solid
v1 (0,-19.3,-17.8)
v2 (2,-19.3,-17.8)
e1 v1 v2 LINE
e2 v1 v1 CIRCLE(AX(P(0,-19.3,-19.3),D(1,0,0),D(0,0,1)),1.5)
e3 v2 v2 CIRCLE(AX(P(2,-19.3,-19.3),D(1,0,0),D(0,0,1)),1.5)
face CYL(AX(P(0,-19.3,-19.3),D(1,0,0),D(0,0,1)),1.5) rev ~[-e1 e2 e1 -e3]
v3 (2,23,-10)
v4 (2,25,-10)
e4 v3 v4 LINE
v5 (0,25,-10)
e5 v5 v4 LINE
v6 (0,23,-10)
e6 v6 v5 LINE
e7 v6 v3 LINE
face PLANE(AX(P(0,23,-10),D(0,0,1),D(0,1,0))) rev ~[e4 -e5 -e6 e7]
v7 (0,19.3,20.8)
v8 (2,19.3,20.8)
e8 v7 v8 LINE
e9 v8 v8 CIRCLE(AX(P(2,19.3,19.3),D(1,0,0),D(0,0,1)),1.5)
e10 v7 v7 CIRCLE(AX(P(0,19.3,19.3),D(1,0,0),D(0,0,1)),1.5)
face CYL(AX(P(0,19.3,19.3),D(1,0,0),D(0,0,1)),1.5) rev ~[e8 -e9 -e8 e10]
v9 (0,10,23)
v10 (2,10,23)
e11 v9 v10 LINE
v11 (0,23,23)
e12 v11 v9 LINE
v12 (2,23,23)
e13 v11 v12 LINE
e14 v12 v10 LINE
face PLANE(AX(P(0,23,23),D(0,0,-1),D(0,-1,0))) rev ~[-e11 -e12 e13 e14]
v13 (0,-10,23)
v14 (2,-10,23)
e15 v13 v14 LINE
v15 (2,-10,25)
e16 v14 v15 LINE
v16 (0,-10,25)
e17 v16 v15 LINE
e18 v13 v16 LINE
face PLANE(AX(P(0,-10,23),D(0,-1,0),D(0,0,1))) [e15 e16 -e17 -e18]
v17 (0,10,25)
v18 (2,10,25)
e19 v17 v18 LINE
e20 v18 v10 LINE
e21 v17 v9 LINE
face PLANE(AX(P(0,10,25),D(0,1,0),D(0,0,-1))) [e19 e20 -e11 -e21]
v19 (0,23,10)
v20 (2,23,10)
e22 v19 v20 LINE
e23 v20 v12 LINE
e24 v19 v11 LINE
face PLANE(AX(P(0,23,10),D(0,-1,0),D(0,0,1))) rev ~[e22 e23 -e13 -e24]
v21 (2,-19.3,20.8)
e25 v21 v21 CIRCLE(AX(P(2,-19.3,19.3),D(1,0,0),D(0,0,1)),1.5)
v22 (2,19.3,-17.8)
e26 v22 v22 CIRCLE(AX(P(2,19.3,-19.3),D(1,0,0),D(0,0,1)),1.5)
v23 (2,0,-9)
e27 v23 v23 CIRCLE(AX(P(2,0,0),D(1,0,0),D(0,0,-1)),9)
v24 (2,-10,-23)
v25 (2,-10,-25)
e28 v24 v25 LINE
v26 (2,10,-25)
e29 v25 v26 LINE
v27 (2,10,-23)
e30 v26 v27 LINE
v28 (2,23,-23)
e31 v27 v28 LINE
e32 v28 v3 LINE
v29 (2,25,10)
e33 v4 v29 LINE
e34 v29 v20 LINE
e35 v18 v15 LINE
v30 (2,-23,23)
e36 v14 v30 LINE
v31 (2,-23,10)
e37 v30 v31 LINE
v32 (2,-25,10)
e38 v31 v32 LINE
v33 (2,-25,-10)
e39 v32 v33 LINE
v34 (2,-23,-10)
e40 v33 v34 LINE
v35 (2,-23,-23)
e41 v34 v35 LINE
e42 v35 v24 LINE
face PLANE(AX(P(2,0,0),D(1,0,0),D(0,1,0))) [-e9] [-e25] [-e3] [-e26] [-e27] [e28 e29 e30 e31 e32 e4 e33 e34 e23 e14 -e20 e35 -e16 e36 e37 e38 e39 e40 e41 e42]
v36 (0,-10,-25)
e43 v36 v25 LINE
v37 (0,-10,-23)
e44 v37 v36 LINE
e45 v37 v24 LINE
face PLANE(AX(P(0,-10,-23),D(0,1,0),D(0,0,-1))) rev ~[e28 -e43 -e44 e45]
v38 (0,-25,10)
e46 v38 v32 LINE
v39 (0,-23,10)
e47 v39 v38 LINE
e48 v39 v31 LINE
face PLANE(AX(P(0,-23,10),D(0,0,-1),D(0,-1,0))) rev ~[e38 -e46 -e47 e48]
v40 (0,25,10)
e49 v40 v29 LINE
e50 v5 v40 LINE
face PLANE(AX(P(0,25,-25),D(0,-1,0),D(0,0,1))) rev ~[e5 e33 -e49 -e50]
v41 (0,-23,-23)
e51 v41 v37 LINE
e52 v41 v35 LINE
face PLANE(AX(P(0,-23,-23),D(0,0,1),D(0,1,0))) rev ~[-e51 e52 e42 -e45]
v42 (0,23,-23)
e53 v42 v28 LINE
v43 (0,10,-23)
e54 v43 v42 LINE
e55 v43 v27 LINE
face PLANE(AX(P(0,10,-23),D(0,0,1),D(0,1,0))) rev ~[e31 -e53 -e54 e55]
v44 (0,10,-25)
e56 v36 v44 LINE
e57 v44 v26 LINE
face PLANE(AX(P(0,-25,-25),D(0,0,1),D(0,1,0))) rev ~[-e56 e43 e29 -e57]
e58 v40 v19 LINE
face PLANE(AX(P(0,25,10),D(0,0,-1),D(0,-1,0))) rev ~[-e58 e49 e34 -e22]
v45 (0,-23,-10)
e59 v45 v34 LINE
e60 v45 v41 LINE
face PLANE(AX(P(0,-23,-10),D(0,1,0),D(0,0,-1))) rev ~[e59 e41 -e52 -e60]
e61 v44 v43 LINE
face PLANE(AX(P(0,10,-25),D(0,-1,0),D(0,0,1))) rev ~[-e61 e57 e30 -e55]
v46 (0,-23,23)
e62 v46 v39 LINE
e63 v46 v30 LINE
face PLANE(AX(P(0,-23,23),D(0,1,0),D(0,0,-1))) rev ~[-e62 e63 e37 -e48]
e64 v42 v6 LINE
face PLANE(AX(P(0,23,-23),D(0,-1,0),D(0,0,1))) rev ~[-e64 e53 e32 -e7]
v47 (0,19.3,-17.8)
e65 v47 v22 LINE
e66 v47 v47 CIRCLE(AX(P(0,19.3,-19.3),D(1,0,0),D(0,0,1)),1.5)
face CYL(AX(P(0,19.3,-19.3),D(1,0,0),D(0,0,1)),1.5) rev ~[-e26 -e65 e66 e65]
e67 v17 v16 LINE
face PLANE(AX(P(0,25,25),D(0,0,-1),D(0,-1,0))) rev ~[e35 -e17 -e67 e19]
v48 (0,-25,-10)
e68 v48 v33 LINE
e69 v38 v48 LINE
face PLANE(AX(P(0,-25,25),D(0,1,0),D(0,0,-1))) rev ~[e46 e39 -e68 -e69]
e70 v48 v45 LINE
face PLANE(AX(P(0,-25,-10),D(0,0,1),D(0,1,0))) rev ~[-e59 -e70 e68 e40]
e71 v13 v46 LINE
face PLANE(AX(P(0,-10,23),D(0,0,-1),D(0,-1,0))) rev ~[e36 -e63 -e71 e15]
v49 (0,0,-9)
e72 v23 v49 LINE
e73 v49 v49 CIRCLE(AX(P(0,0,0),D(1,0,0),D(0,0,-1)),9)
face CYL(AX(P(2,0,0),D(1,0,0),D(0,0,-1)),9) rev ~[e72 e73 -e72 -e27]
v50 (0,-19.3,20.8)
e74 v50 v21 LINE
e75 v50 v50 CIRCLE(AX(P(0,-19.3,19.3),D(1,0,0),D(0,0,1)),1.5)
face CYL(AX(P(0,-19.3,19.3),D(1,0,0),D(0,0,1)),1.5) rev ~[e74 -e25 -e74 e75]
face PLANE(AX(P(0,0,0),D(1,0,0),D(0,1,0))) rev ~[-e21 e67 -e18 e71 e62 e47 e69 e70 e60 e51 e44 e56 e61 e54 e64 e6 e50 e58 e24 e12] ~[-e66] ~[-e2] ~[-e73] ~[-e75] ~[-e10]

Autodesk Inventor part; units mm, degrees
ref_plane "YZ Plane" through (0, 0, 0) normal (1, 0, 0) x (0, 1, 0)
ref_plane "XZ Plane" through (0, 0, 0) normal (0, 1, 0) x (-1, 0, 0)
ref_plane "XY Plane" through (0, 0, 0) normal (0, 0, 1) x (1, 0, 0)
sketch "Sketch1" plane through (0, 0, 0) normal (1, 0, 0) x (0, 1, 0)
  line L0 (-25, -25) -> (25, -25)
  line L1 (25, -25) -> (25, 25)
  line L2 (25, 25) -> (-25, 25)
  line L3 (-25, 25) -> (-25, -25)
  line L4 (-25, -25) -> (25, 25) construction
  line L5 (25, -25) -> (-25, 25) construction
  line L6 (-24, -24) -> (24, -24)
  line L7 (24, -24) -> (24, 24)
  line L8 (24, 24) -> (-24, 24)
  line L9 (-24, 24) -> (-24, -24)
  line L10 (-24, -24) -> (24, 24) construction
  line L11 (24, -24) -> (-24, 24) construction
  point P0 (0, 0)
  dimension "d0" = 50
  dimension "d1" = 50
  dimension "d2" = 48
  dimension "d3" = 48
extrude "Extrusion1" add sketch "Sketch1" along normal blind 2 contours L3 L2 L1 L0 | L9 L8 L7 L6
sketch "Sketch3" plane through (0, 0, 0) normal (-1, 0, 0) x (0, 0, 1)
  line L0 (19.3, -19.3) -> (-19.3, -19.3)
  line L1 (-19.3, -19.3) -> (-19.3, 19.3)
  line L2 (-19.3, 19.3) -> (19.3, 19.3)
  line L3 (19.3, 19.3) -> (19.3, -19.3)
  line L4 (19.3, -19.3) -> (-19.3, 19.3) construction
  line L5 (-19.3, -19.3) -> (19.3, 19.3) construction
  circle A0 centre (-19.3, 19.3) radius 1.5
  circle A1 centre (19.3, 19.3) radius 1.5555
  circle A2 centre (19.3, -19.3) radius 1.5555
  circle A3 centre (-19.3, -19.3) radius 1.5555
  point P0 (0, 0)
  dimension "d6" = 38.6
  dimension "d7" = 38.6
  dimension "d8" = 3
  dimension "d9" = 3.111
  dimension "d10" = 3.111
  dimension "d11" = 3.111
hole "Hole1" at (0, 19.3, -19.3) direction (1, 0, 0) diameter 3 end through all
sketch "Sketch4" plane through (0, 0, 0) normal (-1, 0, 0) x (0, 0, 1)
  line L0 (-19.3, -19.3) -> (19.3, -19.3)
  line L1 (19.3, -19.3) -> (19.3, 19.3)
  line L2 (19.3, 19.3) -> (-19.3, 19.3)
  line L3 (-19.3, 19.3) -> (-19.3, -19.3)
  line L4 (-19.3, -19.3) -> (19.3, 19.3) construction
  line L5 (19.3, -19.3) -> (-19.3, 19.3) construction
  circle A0 centre (19.3, 19.3) radius 1.5
  point P0 (0, 0)
  dimension "d19" = 38.6
  dimension "d20" = 38.6
  dimension "d21" = 3
hole "Hole2" at (0, 19.3, 19.3) direction (1, 0, 0) diameter 3 end through all
sketch "Sketch5" plane through (0, 0, 0) normal (-1, 0, 0) x (0, 0, 1)
  line L0 (19.3, -19.3) -> (-19.3, -19.3)
  line L1 (-19.3, -19.3) -> (-19.3, 19.3)
  line L2 (-19.3, 19.3) -> (19.3, 19.3)
  line L3 (19.3, 19.3) -> (19.3, -19.3)
  line L4 (19.3, -19.3) -> (-19.3, 19.3) construction
  line L5 (-19.3, -19.3) -> (19.3, 19.3) construction
  circle A0 centre (-19.3, -19.3) radius 1.5
  point P0 (0, 0)
  dimension "d29" = 38.6
  dimension "d30" = 38.6
  dimension "d31" = 3
hole "Hole3" at (0, -19.3, -19.3) direction (1, 0, 0) diameter 3 end through all
sketch "Sketch6" plane through (0, 0, 0) normal (-1, 0, 0) x (0, 0, 1)
  line L0 (19.3, -19.3) -> (-19.3, -19.3)
  line L1 (-19.3, -19.3) -> (-19.3, 19.3)
  line L2 (-19.3, 19.3) -> (19.3, 19.3)
  line L3 (19.3, 19.3) -> (19.3, -19.3)
  line L4 (19.3, -19.3) -> (-19.3, 19.3) construction
  line L5 (-19.3, -19.3) -> (19.3, 19.3) construction
  circle A0 centre (19.3, -19.3) radius 1.5
  point P0 (0, 0)
  dimension "d39" = 38.6
  dimension "d40" = 38.6
  dimension "d41" = 3
hole "Hole4" at (0, -19.3, 19.3) direction (1, 0, 0) diameter 3 end through all
sketch "Sketch7" plane through (0, 0, 0) normal (-1, 0, 0) x (0, 0, 1)
  line L0 (23, -23) -> (-23, -23)
  line L1 (-23, -23) -> (-23, 23)
  line L2 (-23, 23) -> (23, 23)
  line L3 (23, 23) -> (23, -23)
  line L4 (23, -23) -> (-23, 23) construction
  line L5 (-23, -23) -> (23, 23) construction
  line L6 (-25, 25) -> (25, 25) projected
  line L7 (10, 21) -> (-10, 21)
  line L8 (-10, 21) -> (-10, 25)
  line L9 (-10, 25) -> (10, 25)
  line L10 (10, 25) -> (10, 21)
  line L11 (10, 21) -> (-10, 25) construction
  line L12 (-10, 21) -> (10, 25) construction
  line L13 (21, -10) -> (25, -10)
  line L14 (25, -10) -> (25, 10)
  line L15 (25, 10) -> (21, 10)
  line L16 (21, 10) -> (21, -10)
  line L17 (21, -10) -> (25, 10) construction
  line L18 (25, -10) -> (21, 10) construction
  line L19 (25, -25) -> (-25, -25) projected
  line L20 (-10, -21) -> (10, -21)
  line L21 (10, -21) -> (10, -25)
  line L22 (10, -25) -> (-10, -25)
  line L23 (-10, -25) -> (-10, -21)
  line L24 (-10, -21) -> (10, -25) construction
  line L25 (10, -21) -> (-10, -25) construction
  line L26 (-25.0252, 10) -> (-20.9748, 10)
  line L27 (-20.9748, 10) -> (-20.9748, -10)
  line L28 (-20.9748, -10) -> (-25.0252, -10)
  line L29 (-25.0252, -10) -> (-25.0252, 10)
  line L30 (-25.0252, 10) -> (-20.9748, -10) construction
  line L31 (-20.9748, 10) -> (-25.0252, -10) construction
  line L32 (25, -25) -> (-25, -25)
  line L33 (-25, -25) -> (-25, 25)
  line L34 (-25, 25) -> (25, 25)
  line L35 (25, 25) -> (25, -25)
  line L36 (25, -25) -> (-25, 25) construction
  line L37 (-25, -25) -> (25, 25) construction
  point P0 (0, 0)
  point P1 (0, 23)
  point P2 (23, 0)
  point P3 (0, -23)
  point P4 (-23, 0)
  point P5 (-10, 23)
  point P6 (10, 23)
  point P7 (23, 10)
  point P8 (23, -10)
  point P9 (10, -23)
  point P10 (-10, -23)
  point P11 (-23, -10)
  point P12 (-23, 10)
  point P13 (10, 25)
  point P14 (-25, 10)
  point P15 (-25, -10)
  point P16 (-10, -25)
  dimension "d49" = 46
  dimension "d50" = 46
  dimension "d51" = 20
  dimension "d52" = 20
  dimension "d53" = 20
  dimension "d54" = 20
extrude "Extrusion3" cut sketch "Sketch7" against normal blind 2 contours L3 L13 L35 L19 L21 L0 | L23 L19 L33 L28 L1 L0 | L3 L2 L10 L6 L35 L15 | L26 L33 L6 L8 L2 L1
sketch "Sketch8" plane through (2, 0, 0) normal (1, 0, 0) x (0, 0, -1)
  circle A0 centre (0, 0) radius 9
  dimension "d59" = 18
extrude "Extrusion4" cut sketch "Sketch8" against normal blind 2
sketch "Sketch9" plane through (2, 0, 0) normal (1, 0, 0) x (0, 0, -1)
  line L0 (13.75, -13.75) -> (-13.75, -13.75)
  line L1 (-13.75, -13.75) -> (-13.75, 13.75)
  line L2 (-13.75, 13.75) -> (13.75, 13.75)
  line L3 (13.75, 13.75) -> (13.75, -13.75)
  line L4 (13.75, -13.75) -> (-13.75, 13.75) construction
  line L5 (-13.75, -13.75) -> (13.75, 13.75) construction
  circle A0 centre (-13.75, 13.75) radius 1
  circle A1 centre (13.75, 13.75) radius 1
  circle A2 centre (13.75, -13.75) radius 1
  circle A3 centre (-13.75, -13.75) radius 1
  point P0 (0, 0)
  dimension "d62" = 27.5
  dimension "d63" = 27.5
  dimension "d64" = 2
  dimension "d65" = 2
  dimension "d66" = 2
  dimension "d67" = 2
extrude "Extrusion5" [suppressed]
properties part number "UpperSide" material "Aluminum 6061, Welded"
